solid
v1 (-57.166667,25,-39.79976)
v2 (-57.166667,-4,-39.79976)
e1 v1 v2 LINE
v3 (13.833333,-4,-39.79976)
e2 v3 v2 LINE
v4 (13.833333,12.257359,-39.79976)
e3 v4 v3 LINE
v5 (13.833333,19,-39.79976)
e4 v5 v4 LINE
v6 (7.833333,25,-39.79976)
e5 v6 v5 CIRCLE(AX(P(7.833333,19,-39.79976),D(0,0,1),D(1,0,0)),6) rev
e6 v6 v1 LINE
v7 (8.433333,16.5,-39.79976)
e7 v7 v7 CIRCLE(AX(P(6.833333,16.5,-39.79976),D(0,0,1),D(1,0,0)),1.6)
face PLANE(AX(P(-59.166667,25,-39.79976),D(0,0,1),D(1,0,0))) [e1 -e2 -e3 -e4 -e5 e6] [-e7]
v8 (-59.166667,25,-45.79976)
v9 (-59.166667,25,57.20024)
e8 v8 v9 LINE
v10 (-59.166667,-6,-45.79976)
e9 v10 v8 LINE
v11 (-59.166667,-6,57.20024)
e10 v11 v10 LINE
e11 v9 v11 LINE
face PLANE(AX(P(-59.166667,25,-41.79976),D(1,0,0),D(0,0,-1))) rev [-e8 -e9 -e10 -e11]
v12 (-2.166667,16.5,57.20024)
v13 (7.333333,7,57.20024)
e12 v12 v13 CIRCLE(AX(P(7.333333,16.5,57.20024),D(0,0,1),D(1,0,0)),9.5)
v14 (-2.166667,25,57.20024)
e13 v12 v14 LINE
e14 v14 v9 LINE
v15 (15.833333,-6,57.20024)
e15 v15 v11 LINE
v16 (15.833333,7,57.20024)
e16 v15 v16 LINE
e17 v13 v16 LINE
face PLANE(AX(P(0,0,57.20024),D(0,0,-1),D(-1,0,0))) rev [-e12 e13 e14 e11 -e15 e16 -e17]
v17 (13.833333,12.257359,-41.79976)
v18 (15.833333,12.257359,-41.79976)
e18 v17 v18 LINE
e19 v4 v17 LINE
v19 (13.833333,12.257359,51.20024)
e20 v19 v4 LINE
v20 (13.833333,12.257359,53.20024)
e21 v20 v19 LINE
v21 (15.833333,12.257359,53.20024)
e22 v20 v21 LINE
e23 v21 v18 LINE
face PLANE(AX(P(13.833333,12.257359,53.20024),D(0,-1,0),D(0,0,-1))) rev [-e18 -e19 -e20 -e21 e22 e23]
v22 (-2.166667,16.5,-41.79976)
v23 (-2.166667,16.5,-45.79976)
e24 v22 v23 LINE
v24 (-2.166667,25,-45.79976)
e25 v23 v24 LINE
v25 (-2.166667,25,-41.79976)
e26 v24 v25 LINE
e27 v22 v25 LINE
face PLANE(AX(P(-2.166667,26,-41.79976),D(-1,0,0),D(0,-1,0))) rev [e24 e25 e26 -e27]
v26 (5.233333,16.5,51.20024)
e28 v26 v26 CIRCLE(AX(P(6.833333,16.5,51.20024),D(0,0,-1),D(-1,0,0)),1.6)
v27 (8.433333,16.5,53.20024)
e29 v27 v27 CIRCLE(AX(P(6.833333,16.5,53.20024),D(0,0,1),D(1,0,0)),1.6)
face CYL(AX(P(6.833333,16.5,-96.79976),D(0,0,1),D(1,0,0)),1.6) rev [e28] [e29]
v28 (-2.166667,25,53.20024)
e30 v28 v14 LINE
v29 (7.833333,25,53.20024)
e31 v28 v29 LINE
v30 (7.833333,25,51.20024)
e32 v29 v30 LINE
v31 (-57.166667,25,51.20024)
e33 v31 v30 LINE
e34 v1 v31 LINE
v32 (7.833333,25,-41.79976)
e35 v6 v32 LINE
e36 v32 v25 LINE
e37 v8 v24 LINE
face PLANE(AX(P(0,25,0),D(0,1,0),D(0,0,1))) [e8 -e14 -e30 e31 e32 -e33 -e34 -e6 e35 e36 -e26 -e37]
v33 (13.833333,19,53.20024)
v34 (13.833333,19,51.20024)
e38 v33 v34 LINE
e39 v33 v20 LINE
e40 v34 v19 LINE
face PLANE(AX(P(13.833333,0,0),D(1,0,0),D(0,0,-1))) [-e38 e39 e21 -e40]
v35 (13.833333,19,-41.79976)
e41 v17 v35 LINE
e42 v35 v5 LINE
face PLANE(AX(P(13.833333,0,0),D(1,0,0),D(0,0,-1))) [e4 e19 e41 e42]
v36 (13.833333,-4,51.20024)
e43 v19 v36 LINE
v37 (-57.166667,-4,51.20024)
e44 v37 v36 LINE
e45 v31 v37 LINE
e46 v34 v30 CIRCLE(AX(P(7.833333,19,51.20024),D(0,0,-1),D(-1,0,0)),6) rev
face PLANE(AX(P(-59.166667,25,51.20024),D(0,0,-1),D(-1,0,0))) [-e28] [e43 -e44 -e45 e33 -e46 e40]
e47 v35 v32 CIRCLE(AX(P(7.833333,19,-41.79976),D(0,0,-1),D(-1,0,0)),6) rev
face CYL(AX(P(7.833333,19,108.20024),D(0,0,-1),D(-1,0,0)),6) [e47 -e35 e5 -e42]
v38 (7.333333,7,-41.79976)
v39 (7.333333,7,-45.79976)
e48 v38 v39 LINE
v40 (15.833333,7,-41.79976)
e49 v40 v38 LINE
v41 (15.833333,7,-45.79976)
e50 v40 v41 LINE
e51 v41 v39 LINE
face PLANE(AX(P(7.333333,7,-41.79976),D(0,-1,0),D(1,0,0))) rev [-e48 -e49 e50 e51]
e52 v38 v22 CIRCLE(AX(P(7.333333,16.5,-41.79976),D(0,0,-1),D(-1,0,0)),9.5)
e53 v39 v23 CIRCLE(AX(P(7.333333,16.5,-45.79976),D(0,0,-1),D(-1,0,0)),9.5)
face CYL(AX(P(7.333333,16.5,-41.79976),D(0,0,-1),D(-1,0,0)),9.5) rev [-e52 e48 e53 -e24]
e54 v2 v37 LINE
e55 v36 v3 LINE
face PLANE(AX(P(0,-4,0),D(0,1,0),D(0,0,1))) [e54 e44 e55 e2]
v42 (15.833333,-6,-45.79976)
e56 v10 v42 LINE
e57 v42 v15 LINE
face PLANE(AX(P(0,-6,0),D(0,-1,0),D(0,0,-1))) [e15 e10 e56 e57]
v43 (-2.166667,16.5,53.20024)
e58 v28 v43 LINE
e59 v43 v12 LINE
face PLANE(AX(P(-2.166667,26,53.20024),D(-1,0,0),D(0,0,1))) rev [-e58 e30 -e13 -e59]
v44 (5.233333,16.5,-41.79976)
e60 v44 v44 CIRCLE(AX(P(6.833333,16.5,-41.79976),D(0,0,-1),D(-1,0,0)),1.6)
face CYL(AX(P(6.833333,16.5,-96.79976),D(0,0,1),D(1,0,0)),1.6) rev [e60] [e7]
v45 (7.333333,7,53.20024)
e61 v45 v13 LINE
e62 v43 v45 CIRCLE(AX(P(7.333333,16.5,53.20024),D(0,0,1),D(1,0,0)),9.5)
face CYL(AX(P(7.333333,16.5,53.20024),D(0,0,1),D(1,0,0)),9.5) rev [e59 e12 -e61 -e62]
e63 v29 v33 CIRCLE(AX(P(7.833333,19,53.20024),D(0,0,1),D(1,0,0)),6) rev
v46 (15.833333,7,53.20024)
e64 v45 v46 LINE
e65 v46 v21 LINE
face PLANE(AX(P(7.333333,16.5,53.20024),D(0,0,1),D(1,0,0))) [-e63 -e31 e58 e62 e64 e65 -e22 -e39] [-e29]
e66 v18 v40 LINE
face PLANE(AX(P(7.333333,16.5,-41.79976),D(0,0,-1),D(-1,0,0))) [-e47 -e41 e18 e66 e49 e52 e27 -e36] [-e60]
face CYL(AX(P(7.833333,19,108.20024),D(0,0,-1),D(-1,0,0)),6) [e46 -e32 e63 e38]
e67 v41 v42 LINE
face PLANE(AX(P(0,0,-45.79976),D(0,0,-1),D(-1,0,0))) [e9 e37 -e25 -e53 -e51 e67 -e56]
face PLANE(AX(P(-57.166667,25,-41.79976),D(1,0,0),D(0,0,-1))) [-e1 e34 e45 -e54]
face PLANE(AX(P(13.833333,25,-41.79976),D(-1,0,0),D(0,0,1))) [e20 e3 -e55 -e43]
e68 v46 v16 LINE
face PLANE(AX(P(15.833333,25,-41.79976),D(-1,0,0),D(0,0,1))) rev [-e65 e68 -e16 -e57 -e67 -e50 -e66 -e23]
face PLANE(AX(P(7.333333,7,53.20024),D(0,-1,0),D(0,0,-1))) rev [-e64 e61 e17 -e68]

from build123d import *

# Parameters (mm, degrees)
SKETCH_1_W           = 75
SKETCH_1_H           = 95
EXTRUDE_1_DEPTH      = 25
SHELL_1_T            = -2
SKETCH_2_W           = 75
SKETCH_2_H           = 25
EXTRUDE_2_DEPTH      = 4
SKETCH_3_W           = 75
SKETCH_3_H           = 25
EXTRUDE_3_DEPTH      = 4
CUT_EXTRUDE_2_DEPTH  = 4
CUT_EXTRUDE_START    = -4
CUT_EXTRUDE_3_DEPTH  = 4
SKETCH_6_R           = 1.6
CUT_EXTRUDE_4_DEPTH  = 150
SKETCH_7_W           = 95
SKETCH_7_H           = 12.742640687
CUT_EXTRUDE_5_DEPTH  = 2
CUT_EXTRUDE_6_DEPTH  = 4
CUT_EXTRUDE_7_DEPTH  = 4
CUT_EXTRUDE_9_DEPTH  = 150
SKETCH_11_W          = 75
SKETCH_11_H          = 103
EXTRUDE_4_DEPTH      = 6
SKETCH_12_W          = 71
SKETCH_12_H          = 91
CUT_EXTRUDE_10_DEPTH = 6


with BuildPart() as part:
    # 草图1 → 凸台-拉伸1 (new body)
    with BuildSketch(Plane(origin=(0, 0, 0), x_dir=(1, 0, 0), z_dir=(0, 1, 0))):
        with Locations((-21.666666667, -5.700239808)):
            Rectangle(SKETCH_1_W, SKETCH_1_H)
    extrude(amount=EXTRUDE_1_DEPTH)

    # 抽壳1
    shell_1_openings = [part.faces().sort_by_distance(p)[0] for p in [
        (-21.666666667, 25, 5.700239808),
    ]]
    offset(amount=SHELL_1_T, openings=shell_1_openings, kind=Kind.INTERSECTION)

    # 草图2 → 凸台-拉伸2 (add)
    with BuildSketch(Plane.XY.offset(53.200239808)):
        with Locations((-21.666666667, 12.5)):
            Rectangle(SKETCH_2_W, SKETCH_2_H)
    extrude(amount=EXTRUDE_2_DEPTH)

    # 草图3 → 凸台-拉伸3 (add)
    with BuildSketch(Plane(origin=(0, 0, -41.799760192), x_dir=(-1, 0, 0), z_dir=(0, 0, -1))):
        with Locations((21.666666667, 12.5)):
            Rectangle(SKETCH_3_W, SKETCH_3_H)
    extrude(amount=EXTRUDE_3_DEPTH)

    # 草图4 → 切除-拉伸2 (cut)
    with BuildSketch(Plane(origin=(0, 0, -45.799760192), x_dir=(-1, 0, 0), z_dir=(0, 0, -1))):
        with BuildLine():
            Line((-16.833333333, 26), (-16.833333333, 16.5))
            ThreePointArc((-16.833333333, 16.5), (-7.333333333, 7), (2.166666667, 16.5))
            Line((2.166666667, 16.5), (2.166666667, 26))
            Line((2.166666667, 26), (-16.833333333, 26))
        make_face()
    extrude(amount=-CUT_EXTRUDE_2_DEPTH, mode=Mode.SUBTRACT)

    # 草图5 → 切除-拉伸3 (cut)
    with BuildSketch(Plane.XY.offset(57.200239808).offset(CUT_EXTRUDE_START)):
        with BuildLine():
            Line((-2.166666667, 26), (-2.166666667, 16.5))
            ThreePointArc((-2.166666667, 16.5), (7.333333333, 7), (16.833333333, 16.5))
            Line((16.833333333, 16.5), (16.833333333, 26))
            Line((16.833333333, 26), (-2.166666667, 26))
        make_face()
    extrude(amount=CUT_EXTRUDE_3_DEPTH, mode=Mode.SUBTRACT)

    # 草图6 → 切除-拉伸4 (cut)
    with BuildSketch(Plane.XY.offset(53.200239808)):
        with Locations((6.833333333, 16.5)):
            Circle(SKETCH_6_R)
    extrude(amount=-CUT_EXTRUDE_4_DEPTH, mode=Mode.SUBTRACT)

    # 草图7 → 切除-拉伸5 (cut)
    with BuildSketch(Plane(origin=(15.833333333, 0, 0), x_dir=(0, 0, -1), z_dir=(1, 0, 0))):
        with Locations((-5.700239808, 18.628679657)):
            Rectangle(SKETCH_7_W, SKETCH_7_H)
    extrude(amount=-CUT_EXTRUDE_5_DEPTH, mode=Mode.SUBTRACT)

    # 草图8 → 切除-拉伸6 (cut)
    with BuildSketch(Plane(origin=(0, 0, -45.799760192), x_dir=(-1, 0, 0), z_dir=(0, 0, -1))):
        Polygon((-7.333333333, 7), (-15.833333333, 7), (-15.833333333, 12.257359313), align=None)
    extrude(amount=-CUT_EXTRUDE_6_DEPTH, mode=Mode.SUBTRACT)

    # 草图9 → 切除-拉伸7 (cut)
    with BuildSketch(Plane.XY.offset(57.200239808)):
        Polygon((7.333333333, 7), (15.833333333, 7), (15.833333333, 12.257359313), align=None)
    extrude(amount=-CUT_EXTRUDE_7_DEPTH, mode=Mode.SUBTRACT)

    # 草图10 → 切除-拉伸9 (cut)
    with BuildSketch(Plane(origin=(0, 0, -41.799760192), x_dir=(-1, 0, 0), z_dir=(0, 0, -1))):
        with BuildLine():
            ThreePointArc((-13.833333333, 19), (-12.07597402, 23.242640687), (-7.833333333, 25))
            Line((-7.833333333, 25), (-13.833333333, 25))
            Line((-13.833333333, 25), (-13.833333333, 19))
        make_face()
    extrude(amount=-CUT_EXTRUDE_9_DEPTH, mode=Mode.SUBTRACT)

    # 草图11 → 凸台-拉伸4 (add)
    with BuildSketch(Plane.XZ):
        with Locations((-21.666666667, 5.700239808)):
            Rectangle(SKETCH_11_W, SKETCH_11_H)
    extrude(amount=EXTRUDE_4_DEPTH)

    # 草图12 → 切除-拉伸10 (cut)
    with BuildSketch(Plane(origin=(0, 2, 0), x_dir=(1, 0, 0), z_dir=(0, 1, 0))):
        with Locations((-21.666666667, -5.700239808)):
            Rectangle(SKETCH_12_W, SKETCH_12_H)
    extrude(amount=-CUT_EXTRUDE_10_DEPTH, mode=Mode.SUBTRACT)


solid = part.part
